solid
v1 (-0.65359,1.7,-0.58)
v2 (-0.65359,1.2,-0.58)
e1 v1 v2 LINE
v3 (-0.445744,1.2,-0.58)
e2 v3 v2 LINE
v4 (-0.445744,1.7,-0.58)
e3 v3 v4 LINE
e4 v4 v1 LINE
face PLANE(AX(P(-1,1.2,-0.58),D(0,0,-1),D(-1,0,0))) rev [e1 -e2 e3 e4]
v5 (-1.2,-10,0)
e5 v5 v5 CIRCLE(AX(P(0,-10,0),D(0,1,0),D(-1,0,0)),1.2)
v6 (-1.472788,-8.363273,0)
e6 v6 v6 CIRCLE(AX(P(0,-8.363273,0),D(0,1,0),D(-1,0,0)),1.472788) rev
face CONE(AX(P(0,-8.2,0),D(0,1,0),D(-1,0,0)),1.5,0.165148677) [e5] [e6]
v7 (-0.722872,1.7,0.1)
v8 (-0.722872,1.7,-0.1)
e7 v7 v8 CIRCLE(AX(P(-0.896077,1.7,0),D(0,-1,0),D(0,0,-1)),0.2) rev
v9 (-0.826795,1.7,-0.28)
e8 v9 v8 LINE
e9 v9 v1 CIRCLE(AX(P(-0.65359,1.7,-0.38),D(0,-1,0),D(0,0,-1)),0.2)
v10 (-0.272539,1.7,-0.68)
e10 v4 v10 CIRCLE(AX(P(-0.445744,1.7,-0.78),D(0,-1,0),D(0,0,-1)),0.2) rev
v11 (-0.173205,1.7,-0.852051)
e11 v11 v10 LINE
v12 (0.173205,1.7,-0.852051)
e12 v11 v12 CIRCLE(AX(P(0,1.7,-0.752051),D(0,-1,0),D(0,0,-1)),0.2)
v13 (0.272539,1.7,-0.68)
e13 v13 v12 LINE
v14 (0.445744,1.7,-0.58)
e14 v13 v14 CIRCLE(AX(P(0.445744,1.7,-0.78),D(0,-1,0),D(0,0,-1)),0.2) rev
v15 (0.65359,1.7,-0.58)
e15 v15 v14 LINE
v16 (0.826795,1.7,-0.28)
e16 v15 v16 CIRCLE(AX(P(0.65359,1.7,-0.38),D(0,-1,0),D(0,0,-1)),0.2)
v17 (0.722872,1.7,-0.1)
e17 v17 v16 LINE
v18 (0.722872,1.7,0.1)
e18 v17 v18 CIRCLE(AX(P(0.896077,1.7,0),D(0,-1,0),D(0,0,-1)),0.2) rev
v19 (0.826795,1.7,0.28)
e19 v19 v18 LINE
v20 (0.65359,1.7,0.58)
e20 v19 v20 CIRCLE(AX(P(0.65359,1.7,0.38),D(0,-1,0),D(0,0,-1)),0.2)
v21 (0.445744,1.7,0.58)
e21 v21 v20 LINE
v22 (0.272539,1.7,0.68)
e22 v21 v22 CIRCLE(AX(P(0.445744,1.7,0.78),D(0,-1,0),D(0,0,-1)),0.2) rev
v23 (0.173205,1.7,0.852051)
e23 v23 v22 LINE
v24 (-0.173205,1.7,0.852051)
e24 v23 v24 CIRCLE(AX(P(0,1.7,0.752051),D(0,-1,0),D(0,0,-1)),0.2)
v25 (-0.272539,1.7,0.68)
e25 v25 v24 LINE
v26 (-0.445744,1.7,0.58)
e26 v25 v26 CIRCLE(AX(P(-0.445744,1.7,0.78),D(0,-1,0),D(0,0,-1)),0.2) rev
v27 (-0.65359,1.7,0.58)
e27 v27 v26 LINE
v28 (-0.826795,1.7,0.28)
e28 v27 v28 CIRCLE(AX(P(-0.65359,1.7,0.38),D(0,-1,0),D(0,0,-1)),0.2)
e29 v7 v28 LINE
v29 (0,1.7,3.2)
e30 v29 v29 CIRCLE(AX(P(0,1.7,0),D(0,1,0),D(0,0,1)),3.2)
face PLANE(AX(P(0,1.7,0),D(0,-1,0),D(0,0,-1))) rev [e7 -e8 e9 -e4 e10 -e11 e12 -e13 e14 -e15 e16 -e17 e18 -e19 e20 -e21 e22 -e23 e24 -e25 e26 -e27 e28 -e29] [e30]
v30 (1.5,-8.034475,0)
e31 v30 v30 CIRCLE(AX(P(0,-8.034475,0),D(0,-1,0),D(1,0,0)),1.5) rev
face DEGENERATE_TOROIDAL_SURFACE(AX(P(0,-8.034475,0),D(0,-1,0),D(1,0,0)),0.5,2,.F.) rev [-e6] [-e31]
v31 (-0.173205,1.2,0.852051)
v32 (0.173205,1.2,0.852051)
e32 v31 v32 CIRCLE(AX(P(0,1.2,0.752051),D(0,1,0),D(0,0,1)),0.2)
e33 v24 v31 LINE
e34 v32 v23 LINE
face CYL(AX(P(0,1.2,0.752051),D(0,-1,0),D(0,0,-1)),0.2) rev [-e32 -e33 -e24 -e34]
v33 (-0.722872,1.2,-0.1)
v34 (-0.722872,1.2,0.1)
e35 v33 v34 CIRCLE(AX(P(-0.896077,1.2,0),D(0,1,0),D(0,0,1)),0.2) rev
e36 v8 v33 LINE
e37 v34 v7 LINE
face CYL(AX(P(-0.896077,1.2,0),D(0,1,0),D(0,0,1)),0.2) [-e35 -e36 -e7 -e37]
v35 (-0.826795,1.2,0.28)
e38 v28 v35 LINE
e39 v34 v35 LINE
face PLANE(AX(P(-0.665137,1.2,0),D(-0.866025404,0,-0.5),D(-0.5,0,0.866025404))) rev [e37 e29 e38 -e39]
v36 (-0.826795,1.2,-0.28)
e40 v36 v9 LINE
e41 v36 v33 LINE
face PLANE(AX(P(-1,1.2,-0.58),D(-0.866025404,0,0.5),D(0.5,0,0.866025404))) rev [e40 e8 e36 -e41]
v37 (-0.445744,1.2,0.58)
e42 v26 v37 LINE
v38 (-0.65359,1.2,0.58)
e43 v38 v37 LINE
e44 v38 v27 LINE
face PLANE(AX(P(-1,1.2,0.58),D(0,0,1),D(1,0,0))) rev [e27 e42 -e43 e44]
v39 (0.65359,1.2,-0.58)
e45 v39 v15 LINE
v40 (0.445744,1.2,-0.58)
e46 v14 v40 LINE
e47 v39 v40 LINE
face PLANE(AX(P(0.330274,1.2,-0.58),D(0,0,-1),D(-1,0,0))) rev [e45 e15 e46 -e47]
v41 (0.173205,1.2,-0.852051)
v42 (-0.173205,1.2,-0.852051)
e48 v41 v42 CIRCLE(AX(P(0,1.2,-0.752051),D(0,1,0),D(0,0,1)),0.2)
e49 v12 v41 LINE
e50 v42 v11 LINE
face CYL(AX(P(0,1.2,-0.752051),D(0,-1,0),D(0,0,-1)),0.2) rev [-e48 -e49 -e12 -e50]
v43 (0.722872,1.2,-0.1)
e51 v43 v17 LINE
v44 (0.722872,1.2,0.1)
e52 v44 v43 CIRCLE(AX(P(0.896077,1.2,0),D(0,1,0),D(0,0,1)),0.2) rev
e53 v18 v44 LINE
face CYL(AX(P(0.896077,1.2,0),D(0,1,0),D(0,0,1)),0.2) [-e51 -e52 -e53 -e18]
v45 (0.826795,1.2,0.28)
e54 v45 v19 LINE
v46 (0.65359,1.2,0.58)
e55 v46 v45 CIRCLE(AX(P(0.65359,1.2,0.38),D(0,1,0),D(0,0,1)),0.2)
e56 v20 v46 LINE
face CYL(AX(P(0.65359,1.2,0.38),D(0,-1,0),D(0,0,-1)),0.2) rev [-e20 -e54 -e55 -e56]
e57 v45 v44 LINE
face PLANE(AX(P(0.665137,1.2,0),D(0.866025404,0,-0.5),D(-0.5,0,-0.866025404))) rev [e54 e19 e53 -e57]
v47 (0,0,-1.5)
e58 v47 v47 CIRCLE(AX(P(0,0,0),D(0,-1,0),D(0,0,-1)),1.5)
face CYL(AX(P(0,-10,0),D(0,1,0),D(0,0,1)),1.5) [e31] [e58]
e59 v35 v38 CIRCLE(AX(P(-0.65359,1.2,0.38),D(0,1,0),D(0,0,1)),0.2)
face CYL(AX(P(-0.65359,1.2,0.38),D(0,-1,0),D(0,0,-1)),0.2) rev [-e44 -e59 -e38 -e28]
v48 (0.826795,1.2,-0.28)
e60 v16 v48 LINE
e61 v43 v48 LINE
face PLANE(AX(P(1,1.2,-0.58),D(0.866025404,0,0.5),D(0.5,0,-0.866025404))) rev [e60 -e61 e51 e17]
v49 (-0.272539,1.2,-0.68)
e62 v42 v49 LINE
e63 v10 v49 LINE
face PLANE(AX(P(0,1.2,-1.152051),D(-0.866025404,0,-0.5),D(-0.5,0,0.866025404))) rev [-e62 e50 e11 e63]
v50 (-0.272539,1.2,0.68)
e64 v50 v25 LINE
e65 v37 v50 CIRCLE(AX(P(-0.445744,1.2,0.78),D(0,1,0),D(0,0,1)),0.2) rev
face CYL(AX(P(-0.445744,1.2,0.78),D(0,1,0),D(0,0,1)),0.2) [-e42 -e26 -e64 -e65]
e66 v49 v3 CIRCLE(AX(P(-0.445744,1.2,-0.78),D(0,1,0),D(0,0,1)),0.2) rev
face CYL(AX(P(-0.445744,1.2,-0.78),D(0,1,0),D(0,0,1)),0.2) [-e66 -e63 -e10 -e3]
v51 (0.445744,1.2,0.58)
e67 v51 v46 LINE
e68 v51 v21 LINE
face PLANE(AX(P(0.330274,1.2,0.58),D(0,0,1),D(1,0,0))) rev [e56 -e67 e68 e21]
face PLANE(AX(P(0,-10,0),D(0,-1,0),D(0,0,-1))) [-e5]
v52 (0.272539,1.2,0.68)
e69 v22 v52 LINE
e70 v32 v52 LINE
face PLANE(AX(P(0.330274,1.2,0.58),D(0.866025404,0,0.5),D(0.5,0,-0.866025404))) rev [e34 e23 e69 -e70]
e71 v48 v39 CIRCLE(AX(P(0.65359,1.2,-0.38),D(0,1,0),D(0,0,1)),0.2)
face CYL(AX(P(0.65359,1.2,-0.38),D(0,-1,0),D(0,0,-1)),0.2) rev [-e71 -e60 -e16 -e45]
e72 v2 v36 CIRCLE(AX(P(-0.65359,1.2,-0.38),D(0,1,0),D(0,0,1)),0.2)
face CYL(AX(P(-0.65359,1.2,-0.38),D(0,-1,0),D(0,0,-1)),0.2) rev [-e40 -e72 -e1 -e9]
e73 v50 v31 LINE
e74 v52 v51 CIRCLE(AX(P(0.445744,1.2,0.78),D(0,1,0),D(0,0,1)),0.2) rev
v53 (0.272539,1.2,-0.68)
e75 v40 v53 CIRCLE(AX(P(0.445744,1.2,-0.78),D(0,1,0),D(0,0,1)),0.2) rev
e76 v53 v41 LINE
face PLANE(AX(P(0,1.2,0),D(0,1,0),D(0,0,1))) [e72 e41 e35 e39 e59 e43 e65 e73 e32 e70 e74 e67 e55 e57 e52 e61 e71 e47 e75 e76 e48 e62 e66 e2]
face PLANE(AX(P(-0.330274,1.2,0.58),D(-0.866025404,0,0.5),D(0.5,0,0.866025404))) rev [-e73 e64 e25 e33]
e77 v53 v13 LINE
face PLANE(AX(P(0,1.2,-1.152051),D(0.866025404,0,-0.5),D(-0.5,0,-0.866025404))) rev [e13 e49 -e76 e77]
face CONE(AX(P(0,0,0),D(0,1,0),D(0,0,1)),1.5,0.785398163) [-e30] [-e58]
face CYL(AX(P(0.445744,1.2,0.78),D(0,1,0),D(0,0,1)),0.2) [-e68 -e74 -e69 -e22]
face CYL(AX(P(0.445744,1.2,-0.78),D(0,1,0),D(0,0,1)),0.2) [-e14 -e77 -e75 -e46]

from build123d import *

# Parameters (mm, degrees)
SKETCH2_R           = 1.5
BOSS_EXTRUDE1_DEPTH = 10
CUT_EXTRUDE1_DEPTH  = 0.5
FILLET1_R           = 0.2
FILLET3_R           = 2


with BuildPart() as part:
    # Sketch1 → Revolve1 (revolve)
    with BuildSketch(Plane.XY, mode=Mode.PRIVATE) as revolve1_sk:
        Polygon((0, 0), (0, 1.7), (3.2, 1.7), (1.5, 0), align=None)
    revolve(revolve1_sk.sketch.rotate(Axis((0, 50, 0), (0, -1, 0)), 90), axis=Axis((0, 50, 0), (0, -1, 0)))

    # Sketch2 → Boss-Extrude1 (add)
    with BuildSketch(Plane.XZ):
        with Locations(Location((0, 0, 0), (0, 0, 270))):
            Circle(SKETCH2_R)
    extrude(amount=BOSS_EXTRUDE1_DEPTH)

    # Sketch3 → Cut-Revolve1 (revolve, cut)
    with BuildSketch(Plane.XY, mode=Mode.PRIVATE) as cut_revolve1_sk:
        Polygon((1.5, -8.2), (1.2, -10), (1.5, -10), align=None)
    revolve(cut_revolve1_sk.sketch.rotate(Axis((0, 0, 0), (0, -1, 0)), 180), axis=Axis((0, 0, 0), (0, -1, 0)), mode=Mode.SUBTRACT)

    # Sketch4 → Cut-Extrude1 (cut)
    with BuildSketch(Plane(origin=(0, 1.7, 0), x_dir=(1, 0, 0), z_dir=(0, 1, 0))):
        Polygon((0, 1.152050808), (0.330273688, 0.58), (1, 0.58), (0.665136844, 0), (1, -0.58), (0.330273688, -0.58), (0, -1.152050808), (-0.330273688, -0.58), (-1, -0.58), (-0.665136844, 0), (-1, 0.58), (-0.330273688, 0.58), align=None)
    extrude(amount=-CUT_EXTRUDE1_DEPTH, mode=Mode.SUBTRACT)

    # Fillet1
    fillet1_edges = [part.edges().sort_by_distance(p)[0] for p in [
        (-0.330273688, 1.45, -0.58),
        (0, 1.45, -1.152050808),
        (0.330273688, 1.45, -0.58),
        (1, 1.45, -0.58),
        (0.665136844, 1.45, 0),
        (1, 1.45, 0.58),
        (0.330273688, 1.45, 0.58),
        (0, 1.45, 1.152050808),
        (-0.330273688, 1.45, 0.58),
        (-1, 1.45, 0.58),
        (-0.665136844, 1.45, 0),
        (-1, 1.45, -0.58),
    ]]
    fillet(fillet1_edges, radius=FILLET1_R)

    # Fillet3
    fillet3_edges = [part.edges().sort_by_distance(p)[0] for p in [
        (-1.060660172, -8.2, -1.060660172),
    ]]
    fillet(fillet3_edges, radius=FILLET3_R)


solid = part.part
